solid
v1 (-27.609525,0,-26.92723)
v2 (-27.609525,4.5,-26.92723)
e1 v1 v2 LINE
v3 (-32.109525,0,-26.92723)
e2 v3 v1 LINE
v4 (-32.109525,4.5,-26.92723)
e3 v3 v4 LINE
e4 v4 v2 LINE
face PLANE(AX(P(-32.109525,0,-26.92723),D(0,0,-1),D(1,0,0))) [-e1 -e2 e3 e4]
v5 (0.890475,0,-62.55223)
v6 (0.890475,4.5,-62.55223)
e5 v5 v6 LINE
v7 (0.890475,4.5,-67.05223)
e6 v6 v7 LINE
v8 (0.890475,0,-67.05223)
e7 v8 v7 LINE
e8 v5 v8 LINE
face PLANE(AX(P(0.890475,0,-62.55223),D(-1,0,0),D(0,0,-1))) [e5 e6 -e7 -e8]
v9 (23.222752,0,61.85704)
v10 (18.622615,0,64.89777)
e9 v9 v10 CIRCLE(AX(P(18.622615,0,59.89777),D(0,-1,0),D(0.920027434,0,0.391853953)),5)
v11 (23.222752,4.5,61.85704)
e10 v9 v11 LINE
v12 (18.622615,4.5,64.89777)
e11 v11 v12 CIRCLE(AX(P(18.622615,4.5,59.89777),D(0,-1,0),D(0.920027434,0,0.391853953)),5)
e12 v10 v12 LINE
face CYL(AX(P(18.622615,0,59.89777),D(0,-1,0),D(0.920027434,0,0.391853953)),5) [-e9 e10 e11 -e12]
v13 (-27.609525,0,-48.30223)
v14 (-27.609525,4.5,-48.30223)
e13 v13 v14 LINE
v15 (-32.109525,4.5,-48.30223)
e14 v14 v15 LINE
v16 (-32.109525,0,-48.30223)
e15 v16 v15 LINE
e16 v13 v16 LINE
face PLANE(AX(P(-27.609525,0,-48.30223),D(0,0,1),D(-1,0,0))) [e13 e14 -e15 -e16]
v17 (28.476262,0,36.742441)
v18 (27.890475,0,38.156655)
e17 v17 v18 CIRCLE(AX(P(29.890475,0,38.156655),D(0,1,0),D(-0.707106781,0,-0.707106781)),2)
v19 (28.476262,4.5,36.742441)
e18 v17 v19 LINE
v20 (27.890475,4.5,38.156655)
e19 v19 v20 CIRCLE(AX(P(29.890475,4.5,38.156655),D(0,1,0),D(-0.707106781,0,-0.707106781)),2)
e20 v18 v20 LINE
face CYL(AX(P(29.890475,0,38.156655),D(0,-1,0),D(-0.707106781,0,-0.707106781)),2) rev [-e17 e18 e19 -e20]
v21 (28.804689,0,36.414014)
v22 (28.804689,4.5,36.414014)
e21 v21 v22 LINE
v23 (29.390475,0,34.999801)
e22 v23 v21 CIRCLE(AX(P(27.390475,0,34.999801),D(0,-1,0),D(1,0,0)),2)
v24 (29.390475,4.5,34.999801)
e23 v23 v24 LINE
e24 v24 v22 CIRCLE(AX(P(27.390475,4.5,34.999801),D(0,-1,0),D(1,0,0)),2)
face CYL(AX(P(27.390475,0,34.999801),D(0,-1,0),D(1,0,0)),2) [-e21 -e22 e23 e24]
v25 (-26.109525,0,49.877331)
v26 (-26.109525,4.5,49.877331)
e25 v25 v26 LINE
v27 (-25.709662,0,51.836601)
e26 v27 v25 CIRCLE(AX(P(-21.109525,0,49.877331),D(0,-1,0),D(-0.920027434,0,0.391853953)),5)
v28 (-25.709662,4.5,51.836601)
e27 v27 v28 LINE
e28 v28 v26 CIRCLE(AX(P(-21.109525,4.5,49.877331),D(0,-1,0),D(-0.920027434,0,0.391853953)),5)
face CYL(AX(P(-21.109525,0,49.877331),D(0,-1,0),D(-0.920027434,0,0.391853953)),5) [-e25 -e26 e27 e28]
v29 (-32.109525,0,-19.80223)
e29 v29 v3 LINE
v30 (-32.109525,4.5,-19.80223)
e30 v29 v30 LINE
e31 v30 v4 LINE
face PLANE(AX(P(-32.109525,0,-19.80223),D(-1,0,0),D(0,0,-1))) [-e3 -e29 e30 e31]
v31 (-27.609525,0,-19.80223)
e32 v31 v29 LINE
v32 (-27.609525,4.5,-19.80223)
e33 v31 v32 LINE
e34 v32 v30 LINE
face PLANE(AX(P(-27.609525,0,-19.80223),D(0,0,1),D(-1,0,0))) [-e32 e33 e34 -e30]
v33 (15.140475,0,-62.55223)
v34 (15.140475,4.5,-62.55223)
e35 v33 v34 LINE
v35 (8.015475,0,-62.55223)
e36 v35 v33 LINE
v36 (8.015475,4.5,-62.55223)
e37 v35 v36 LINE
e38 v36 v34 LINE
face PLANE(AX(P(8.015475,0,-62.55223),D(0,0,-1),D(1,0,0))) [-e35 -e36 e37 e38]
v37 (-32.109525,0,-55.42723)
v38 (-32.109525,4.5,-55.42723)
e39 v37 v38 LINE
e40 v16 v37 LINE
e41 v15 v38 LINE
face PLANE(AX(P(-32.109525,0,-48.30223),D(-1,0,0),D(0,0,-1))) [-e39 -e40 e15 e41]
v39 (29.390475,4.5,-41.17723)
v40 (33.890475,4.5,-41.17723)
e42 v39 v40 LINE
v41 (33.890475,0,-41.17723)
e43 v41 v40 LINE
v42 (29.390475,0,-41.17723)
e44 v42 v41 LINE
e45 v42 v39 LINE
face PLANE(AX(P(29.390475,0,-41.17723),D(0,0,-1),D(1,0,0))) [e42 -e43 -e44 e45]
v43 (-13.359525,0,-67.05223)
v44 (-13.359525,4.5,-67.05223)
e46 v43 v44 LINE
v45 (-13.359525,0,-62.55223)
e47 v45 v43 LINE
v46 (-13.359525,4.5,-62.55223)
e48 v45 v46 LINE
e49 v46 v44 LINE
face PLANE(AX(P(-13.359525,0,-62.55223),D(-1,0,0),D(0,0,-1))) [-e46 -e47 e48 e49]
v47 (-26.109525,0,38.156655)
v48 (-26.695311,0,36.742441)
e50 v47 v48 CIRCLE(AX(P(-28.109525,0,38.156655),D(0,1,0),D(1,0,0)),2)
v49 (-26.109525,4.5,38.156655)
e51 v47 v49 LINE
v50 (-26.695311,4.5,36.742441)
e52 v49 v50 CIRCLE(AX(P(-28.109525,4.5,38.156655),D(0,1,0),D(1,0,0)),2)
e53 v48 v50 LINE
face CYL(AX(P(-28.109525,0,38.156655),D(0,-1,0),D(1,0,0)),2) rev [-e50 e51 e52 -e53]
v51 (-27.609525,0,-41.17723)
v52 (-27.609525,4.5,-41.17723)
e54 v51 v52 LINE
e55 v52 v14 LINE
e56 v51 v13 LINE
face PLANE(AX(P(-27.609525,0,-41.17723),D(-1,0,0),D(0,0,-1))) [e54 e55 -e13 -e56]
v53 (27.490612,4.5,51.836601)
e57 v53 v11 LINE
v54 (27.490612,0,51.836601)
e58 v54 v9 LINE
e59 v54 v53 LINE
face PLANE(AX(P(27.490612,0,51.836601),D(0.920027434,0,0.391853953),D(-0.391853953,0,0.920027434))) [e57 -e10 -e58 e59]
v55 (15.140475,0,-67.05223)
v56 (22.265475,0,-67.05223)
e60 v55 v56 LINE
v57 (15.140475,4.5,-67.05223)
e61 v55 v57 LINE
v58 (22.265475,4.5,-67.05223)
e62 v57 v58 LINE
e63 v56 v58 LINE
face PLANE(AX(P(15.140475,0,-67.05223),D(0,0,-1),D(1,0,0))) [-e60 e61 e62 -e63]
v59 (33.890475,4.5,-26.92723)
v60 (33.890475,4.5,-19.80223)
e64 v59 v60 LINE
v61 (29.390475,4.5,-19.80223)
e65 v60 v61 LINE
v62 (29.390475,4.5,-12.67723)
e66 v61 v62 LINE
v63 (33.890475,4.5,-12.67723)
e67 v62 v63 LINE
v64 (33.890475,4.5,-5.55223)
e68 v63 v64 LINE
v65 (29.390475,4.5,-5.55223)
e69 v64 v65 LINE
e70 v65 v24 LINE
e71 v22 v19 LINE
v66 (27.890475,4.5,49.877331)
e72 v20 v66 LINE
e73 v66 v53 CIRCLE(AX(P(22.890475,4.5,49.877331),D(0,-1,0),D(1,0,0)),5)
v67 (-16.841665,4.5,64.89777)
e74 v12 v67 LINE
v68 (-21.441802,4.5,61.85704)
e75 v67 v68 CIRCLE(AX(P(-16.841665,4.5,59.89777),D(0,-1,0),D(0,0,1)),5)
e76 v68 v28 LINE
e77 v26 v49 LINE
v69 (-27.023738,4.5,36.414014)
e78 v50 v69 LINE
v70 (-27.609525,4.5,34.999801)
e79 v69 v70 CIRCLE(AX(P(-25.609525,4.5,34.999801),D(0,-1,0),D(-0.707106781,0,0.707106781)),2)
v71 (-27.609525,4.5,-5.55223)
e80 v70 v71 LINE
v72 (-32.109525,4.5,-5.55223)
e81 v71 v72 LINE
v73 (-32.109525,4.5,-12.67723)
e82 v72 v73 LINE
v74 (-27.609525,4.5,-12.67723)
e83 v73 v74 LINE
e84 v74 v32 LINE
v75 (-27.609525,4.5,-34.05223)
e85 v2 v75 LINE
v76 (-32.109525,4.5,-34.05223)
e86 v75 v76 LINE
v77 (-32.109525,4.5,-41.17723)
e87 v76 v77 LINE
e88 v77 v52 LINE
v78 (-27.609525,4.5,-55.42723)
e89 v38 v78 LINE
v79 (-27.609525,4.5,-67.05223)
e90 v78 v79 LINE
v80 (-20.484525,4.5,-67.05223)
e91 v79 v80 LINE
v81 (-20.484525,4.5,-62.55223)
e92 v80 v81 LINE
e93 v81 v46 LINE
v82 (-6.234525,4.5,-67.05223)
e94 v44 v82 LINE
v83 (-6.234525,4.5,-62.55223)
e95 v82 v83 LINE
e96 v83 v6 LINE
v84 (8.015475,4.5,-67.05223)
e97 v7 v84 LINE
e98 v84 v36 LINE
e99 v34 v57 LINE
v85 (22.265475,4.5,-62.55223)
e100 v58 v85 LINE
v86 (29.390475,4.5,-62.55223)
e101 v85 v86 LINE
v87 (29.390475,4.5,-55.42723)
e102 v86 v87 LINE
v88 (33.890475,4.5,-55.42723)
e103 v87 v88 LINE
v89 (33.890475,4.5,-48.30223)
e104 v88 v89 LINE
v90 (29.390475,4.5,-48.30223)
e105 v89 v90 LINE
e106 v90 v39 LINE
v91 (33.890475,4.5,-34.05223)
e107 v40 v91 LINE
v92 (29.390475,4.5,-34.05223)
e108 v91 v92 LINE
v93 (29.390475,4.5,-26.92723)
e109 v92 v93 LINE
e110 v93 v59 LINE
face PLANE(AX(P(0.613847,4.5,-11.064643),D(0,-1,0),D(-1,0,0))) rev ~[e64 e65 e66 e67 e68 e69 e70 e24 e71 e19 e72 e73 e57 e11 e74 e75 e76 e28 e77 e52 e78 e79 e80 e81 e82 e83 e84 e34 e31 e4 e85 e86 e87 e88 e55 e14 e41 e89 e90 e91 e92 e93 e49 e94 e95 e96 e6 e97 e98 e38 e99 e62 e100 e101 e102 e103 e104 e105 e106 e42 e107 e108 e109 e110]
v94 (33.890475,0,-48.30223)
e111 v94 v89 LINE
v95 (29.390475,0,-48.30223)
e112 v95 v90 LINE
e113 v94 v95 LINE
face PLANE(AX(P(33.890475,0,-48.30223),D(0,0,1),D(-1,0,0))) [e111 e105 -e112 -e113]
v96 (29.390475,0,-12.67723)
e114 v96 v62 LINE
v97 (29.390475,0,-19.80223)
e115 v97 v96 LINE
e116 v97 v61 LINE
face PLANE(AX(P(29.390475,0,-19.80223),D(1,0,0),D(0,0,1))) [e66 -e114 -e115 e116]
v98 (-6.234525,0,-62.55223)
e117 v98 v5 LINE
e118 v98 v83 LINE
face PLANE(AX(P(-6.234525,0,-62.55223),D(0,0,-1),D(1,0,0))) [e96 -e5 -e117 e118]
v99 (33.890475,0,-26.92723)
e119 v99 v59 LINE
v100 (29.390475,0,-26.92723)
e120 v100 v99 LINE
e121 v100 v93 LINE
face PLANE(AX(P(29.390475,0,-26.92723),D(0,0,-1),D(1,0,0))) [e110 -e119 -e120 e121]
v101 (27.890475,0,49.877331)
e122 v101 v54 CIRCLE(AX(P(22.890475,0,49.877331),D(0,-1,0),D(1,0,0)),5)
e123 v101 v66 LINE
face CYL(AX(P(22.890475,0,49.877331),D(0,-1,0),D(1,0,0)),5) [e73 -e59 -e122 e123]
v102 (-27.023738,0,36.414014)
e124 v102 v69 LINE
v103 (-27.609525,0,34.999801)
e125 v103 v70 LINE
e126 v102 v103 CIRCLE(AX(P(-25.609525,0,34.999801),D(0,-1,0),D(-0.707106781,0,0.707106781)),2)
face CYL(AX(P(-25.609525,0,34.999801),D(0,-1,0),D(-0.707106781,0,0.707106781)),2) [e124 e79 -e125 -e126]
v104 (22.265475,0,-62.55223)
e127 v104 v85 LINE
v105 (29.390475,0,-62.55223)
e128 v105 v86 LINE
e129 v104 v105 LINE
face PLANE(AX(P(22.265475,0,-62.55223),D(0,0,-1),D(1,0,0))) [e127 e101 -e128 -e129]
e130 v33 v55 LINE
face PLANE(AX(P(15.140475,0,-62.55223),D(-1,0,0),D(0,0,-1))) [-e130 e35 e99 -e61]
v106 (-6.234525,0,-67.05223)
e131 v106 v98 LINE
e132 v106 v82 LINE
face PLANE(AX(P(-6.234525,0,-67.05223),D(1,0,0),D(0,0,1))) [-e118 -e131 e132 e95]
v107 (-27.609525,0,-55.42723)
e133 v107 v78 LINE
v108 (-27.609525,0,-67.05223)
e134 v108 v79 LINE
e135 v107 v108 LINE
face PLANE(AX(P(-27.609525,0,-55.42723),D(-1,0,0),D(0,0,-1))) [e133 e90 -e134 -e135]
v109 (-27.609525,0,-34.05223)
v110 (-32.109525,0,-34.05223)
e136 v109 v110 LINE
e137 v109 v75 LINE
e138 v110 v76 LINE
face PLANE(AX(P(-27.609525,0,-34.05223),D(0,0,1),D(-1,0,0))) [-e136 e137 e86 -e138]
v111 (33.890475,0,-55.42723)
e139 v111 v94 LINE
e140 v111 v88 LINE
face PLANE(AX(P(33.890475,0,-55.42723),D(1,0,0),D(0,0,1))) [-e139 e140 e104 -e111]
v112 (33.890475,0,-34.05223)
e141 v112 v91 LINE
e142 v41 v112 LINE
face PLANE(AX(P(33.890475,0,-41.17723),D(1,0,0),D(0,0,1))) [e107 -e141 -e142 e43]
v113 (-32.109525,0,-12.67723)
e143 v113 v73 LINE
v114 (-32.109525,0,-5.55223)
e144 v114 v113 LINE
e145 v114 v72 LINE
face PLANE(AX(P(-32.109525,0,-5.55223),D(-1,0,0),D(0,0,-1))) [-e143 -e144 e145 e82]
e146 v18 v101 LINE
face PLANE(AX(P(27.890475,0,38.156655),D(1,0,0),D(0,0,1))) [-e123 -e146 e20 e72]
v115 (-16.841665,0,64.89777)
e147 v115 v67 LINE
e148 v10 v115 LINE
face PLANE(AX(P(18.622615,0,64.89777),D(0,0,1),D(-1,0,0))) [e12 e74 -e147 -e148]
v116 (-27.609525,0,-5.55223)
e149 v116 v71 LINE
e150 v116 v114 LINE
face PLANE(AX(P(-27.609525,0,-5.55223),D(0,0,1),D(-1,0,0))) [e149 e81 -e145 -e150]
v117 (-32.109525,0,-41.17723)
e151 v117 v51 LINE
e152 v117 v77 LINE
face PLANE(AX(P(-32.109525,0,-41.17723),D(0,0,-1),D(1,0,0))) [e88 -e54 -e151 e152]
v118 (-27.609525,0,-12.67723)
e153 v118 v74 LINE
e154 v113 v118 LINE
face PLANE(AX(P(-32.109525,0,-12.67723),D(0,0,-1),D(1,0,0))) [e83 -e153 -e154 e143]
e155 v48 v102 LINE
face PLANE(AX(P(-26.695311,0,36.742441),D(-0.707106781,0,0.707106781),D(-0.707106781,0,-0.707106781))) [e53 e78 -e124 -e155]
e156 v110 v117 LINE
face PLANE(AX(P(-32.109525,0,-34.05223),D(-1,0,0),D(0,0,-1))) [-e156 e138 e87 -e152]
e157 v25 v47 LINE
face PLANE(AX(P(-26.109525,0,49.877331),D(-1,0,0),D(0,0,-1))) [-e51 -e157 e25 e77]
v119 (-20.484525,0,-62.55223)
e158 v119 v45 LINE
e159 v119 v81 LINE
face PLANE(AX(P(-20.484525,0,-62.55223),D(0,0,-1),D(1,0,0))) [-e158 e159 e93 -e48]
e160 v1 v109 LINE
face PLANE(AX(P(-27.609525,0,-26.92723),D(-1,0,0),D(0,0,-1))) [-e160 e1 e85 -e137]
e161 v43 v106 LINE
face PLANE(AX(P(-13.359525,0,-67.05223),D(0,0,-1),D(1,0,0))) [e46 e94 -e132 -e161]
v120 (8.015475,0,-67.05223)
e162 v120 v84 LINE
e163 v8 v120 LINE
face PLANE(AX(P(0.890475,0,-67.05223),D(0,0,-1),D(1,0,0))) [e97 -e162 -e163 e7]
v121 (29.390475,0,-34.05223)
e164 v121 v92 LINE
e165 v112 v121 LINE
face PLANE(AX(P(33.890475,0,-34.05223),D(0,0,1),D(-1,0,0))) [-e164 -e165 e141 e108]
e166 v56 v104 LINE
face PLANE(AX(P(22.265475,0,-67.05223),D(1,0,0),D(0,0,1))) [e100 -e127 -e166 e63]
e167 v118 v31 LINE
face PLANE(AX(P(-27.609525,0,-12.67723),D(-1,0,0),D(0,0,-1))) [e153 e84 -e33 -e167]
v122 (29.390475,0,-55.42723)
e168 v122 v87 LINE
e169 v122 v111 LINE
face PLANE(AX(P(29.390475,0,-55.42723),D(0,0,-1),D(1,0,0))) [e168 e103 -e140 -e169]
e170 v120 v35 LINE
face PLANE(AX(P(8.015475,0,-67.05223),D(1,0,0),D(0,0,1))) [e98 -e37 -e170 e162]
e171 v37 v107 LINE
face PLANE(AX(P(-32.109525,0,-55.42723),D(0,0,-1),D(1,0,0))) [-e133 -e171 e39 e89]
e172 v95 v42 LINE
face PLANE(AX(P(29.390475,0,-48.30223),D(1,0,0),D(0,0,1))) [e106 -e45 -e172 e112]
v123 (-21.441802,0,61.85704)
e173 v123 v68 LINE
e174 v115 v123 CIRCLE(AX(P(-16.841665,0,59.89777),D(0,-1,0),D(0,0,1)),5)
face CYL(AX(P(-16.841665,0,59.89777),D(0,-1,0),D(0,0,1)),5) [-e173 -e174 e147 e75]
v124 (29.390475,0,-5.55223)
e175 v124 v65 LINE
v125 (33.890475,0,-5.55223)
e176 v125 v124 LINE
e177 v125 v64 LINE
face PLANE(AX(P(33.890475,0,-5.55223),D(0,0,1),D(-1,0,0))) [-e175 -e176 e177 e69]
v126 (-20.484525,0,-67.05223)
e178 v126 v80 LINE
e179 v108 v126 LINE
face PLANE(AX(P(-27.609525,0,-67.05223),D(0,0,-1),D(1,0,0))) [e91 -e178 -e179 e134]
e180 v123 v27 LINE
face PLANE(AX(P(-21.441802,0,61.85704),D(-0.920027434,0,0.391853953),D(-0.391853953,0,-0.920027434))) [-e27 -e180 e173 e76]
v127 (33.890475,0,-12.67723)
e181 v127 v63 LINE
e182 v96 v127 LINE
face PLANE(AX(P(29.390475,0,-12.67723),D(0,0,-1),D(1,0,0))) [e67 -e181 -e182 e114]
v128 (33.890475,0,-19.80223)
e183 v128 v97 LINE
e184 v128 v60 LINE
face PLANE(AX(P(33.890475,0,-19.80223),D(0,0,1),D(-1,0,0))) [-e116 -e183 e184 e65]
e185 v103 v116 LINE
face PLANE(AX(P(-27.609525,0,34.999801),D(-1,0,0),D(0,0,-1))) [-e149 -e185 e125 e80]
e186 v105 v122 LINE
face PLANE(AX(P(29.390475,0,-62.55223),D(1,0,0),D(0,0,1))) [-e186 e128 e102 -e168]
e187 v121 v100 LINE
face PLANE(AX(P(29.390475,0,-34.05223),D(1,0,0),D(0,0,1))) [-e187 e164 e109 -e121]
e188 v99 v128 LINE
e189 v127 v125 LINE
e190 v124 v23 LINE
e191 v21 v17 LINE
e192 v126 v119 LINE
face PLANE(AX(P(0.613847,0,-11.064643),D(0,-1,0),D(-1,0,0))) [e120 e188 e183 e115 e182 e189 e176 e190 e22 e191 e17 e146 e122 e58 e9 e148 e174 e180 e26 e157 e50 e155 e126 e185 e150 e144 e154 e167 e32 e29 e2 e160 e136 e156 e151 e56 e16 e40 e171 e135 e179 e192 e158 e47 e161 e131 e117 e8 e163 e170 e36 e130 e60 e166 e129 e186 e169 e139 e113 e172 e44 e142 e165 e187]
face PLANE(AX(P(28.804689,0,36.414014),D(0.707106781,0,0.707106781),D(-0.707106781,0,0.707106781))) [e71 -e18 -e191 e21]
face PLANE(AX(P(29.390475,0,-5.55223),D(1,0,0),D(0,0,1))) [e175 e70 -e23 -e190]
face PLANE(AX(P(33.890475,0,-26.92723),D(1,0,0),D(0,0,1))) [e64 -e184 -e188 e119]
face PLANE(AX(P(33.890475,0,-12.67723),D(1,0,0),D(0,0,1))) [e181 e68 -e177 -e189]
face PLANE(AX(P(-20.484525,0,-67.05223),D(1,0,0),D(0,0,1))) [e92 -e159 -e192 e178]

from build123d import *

# Parameters (mm, degrees)
EXTRUDE_1_DEPTH = 4.5


with BuildPart() as part:
    # 草图1 → 凸台-拉伸1 (new body)
    with BuildSketch(Plane(origin=(0, 0, 0), x_dir=(1, 0, 0), z_dir=(0, 1, 0))):
        with BuildLine():
            Line((-6.23452468, 62.552230204), (0.89047532, 62.552230204))
            Line((0.89047532, 62.552230204), (0.89047532, 67.052230204))
            Line((0.89047532, 67.052230204), (8.01547532, 67.052230204))
            Line((8.01547532, 67.052230204), (8.01547532, 62.552230204))
            Line((8.01547532, 62.552230204), (15.14047532, 62.552230204))
            Line((15.14047532, 62.552230204), (15.14047532, 67.052230204))
            Line((15.14047532, 67.052230204), (22.26547532, 67.052230204))
            Line((22.26547532, 67.052230204), (22.26547532, 62.552230204))
            Line((22.26547532, 62.552230204), (29.39047532, 62.552230204))
            Line((29.39047532, 62.552230204), (29.39047532, 55.427230204))
            Line((29.39047532, 55.427230204), (33.89047532, 55.427230204))
            Line((33.89047532, 55.427230204), (33.89047532, 48.302230204))
            Line((33.89047532, 48.302230204), (29.39047532, 48.302230204))
            Line((29.39047532, 48.302230204), (29.39047532, 41.177230204))
            Line((29.39047532, 41.177230204), (33.89047532, 41.177230204))
            Line((33.89047532, 41.177230204), (33.89047532, 34.052230204))
            Line((33.89047532, 34.052230204), (29.39047532, 34.052230204))
            Line((29.39047532, 34.052230204), (29.39047532, 26.927230204))
            Line((29.39047532, 26.927230204), (33.89047532, 26.927230204))
            Line((33.89047532, 26.927230204), (33.89047532, 19.802230204))
            Line((33.89047532, 19.802230204), (29.39047532, 19.802230204))
            Line((29.39047532, 19.802230204), (29.39047532, 12.677230204))
            Line((29.39047532, 12.677230204), (33.89047532, 12.677230204))
            Line((33.89047532, 12.677230204), (33.89047532, 5.552230204))
            Line((33.89047532, 5.552230204), (29.39047532, 5.552230204))
            Line((29.39047532, 5.552230204), (29.39047532, -34.999800679))
            ThreePointArc((29.39047532, -34.999800679), (29.238234385, -35.765167544), (28.804688882, -36.414014242))
            Line((28.804688882, -36.414014242), (28.476261758, -36.742441366))
            ThreePointArc((28.476261758, -36.742441366), (28.042716255, -37.391288064), (27.89047532, -38.156654929))
            Line((27.89047532, -38.156654929), (27.89047532, -49.877331374))
            ThreePointArc((27.89047532, -49.877331374), (27.789489805, -50.877159896), (27.49061249, -51.83660114))
            Line((27.49061249, -51.83660114), (23.222752356, -61.857039562))
            ThreePointArc((23.222752356, -61.857039562), (21.379756021, -64.068881688), (18.622615186, -64.897769796))
            Line((18.622615186, -64.897769796), (-16.841664546, -64.897769796))
            ThreePointArc((-16.841664546, -64.897769796), (-19.598805381, -64.068881688), (-21.441801716, -61.857039562))
            Line((-21.441801716, -61.857039562), (-25.70966185, -51.83660114))
            ThreePointArc((-25.70966185, -51.83660114), (-26.008539165, -50.877159896), (-26.10952468, -49.877331374))
            Line((-26.10952468, -49.877331374), (-26.10952468, -38.156654929))
            ThreePointArc((-26.10952468, -38.156654929), (-26.261765615, -37.391288064), (-26.695311118, -36.742441366))
            Line((-26.695311118, -36.742441366), (-27.023738242, -36.414014242))
            ThreePointArc((-27.023738242, -36.414014242), (-27.457283745, -35.765167544), (-27.60952468, -34.999800679))
            Line((-27.60952468, -34.999800679), (-27.60952468, 5.552230204))
            Line((-27.60952468, 5.552230204), (-32.10952468, 5.552230204))
            Line((-32.10952468, 5.552230204), (-32.10952468, 12.677230204))
            Line((-32.10952468, 12.677230204), (-27.60952468, 12.677230204))
            Line((-27.60952468, 12.677230204), (-27.60952468, 19.802230204))
            Line((-27.60952468, 19.802230204), (-32.10952468, 19.802230204))
            Line((-32.10952468, 19.802230204), (-32.10952468, 26.927230204))
            Line((-32.10952468, 26.927230204), (-27.60952468, 26.927230204))
            Line((-27.60952468, 26.927230204), (-27.60952468, 34.052230204))
            Line((-27.60952468, 34.052230204), (-32.10952468, 34.052230204))
            Line((-32.10952468, 34.052230204), (-32.10952468, 41.177230204))
            Line((-32.10952468, 41.177230204), (-27.60952468, 41.177230204))
            Line((-27.60952468, 41.177230204), (-27.60952468, 48.302230204))
            Line((-27.60952468, 48.302230204), (-32.10952468, 48.302230204))
            Line((-32.10952468, 48.302230204), (-32.10952468, 55.427230204))
            Line((-32.10952468, 55.427230204), (-27.60952468, 55.427230204))
            Line((-27.60952468, 55.427230204), (-27.60952468, 67.052230204))
            Line((-27.60952468, 67.052230204), (-20.48452468, 67.052230204))
            Line((-20.48452468, 67.052230204), (-20.48452468, 62.552230204))
            Line((-20.48452468, 62.552230204), (-13.35952468, 62.552230204))
            Line((-13.35952468, 62.552230204), (-13.35952468, 67.052230204))
            Line((-13.35952468, 67.052230204), (-6.23452468, 67.052230204))
            Line((-6.23452468, 67.052230204), (-6.23452468, 62.552230204))
        make_face()
    extrude(amount=EXTRUDE_1_DEPTH)


solid = part.part
